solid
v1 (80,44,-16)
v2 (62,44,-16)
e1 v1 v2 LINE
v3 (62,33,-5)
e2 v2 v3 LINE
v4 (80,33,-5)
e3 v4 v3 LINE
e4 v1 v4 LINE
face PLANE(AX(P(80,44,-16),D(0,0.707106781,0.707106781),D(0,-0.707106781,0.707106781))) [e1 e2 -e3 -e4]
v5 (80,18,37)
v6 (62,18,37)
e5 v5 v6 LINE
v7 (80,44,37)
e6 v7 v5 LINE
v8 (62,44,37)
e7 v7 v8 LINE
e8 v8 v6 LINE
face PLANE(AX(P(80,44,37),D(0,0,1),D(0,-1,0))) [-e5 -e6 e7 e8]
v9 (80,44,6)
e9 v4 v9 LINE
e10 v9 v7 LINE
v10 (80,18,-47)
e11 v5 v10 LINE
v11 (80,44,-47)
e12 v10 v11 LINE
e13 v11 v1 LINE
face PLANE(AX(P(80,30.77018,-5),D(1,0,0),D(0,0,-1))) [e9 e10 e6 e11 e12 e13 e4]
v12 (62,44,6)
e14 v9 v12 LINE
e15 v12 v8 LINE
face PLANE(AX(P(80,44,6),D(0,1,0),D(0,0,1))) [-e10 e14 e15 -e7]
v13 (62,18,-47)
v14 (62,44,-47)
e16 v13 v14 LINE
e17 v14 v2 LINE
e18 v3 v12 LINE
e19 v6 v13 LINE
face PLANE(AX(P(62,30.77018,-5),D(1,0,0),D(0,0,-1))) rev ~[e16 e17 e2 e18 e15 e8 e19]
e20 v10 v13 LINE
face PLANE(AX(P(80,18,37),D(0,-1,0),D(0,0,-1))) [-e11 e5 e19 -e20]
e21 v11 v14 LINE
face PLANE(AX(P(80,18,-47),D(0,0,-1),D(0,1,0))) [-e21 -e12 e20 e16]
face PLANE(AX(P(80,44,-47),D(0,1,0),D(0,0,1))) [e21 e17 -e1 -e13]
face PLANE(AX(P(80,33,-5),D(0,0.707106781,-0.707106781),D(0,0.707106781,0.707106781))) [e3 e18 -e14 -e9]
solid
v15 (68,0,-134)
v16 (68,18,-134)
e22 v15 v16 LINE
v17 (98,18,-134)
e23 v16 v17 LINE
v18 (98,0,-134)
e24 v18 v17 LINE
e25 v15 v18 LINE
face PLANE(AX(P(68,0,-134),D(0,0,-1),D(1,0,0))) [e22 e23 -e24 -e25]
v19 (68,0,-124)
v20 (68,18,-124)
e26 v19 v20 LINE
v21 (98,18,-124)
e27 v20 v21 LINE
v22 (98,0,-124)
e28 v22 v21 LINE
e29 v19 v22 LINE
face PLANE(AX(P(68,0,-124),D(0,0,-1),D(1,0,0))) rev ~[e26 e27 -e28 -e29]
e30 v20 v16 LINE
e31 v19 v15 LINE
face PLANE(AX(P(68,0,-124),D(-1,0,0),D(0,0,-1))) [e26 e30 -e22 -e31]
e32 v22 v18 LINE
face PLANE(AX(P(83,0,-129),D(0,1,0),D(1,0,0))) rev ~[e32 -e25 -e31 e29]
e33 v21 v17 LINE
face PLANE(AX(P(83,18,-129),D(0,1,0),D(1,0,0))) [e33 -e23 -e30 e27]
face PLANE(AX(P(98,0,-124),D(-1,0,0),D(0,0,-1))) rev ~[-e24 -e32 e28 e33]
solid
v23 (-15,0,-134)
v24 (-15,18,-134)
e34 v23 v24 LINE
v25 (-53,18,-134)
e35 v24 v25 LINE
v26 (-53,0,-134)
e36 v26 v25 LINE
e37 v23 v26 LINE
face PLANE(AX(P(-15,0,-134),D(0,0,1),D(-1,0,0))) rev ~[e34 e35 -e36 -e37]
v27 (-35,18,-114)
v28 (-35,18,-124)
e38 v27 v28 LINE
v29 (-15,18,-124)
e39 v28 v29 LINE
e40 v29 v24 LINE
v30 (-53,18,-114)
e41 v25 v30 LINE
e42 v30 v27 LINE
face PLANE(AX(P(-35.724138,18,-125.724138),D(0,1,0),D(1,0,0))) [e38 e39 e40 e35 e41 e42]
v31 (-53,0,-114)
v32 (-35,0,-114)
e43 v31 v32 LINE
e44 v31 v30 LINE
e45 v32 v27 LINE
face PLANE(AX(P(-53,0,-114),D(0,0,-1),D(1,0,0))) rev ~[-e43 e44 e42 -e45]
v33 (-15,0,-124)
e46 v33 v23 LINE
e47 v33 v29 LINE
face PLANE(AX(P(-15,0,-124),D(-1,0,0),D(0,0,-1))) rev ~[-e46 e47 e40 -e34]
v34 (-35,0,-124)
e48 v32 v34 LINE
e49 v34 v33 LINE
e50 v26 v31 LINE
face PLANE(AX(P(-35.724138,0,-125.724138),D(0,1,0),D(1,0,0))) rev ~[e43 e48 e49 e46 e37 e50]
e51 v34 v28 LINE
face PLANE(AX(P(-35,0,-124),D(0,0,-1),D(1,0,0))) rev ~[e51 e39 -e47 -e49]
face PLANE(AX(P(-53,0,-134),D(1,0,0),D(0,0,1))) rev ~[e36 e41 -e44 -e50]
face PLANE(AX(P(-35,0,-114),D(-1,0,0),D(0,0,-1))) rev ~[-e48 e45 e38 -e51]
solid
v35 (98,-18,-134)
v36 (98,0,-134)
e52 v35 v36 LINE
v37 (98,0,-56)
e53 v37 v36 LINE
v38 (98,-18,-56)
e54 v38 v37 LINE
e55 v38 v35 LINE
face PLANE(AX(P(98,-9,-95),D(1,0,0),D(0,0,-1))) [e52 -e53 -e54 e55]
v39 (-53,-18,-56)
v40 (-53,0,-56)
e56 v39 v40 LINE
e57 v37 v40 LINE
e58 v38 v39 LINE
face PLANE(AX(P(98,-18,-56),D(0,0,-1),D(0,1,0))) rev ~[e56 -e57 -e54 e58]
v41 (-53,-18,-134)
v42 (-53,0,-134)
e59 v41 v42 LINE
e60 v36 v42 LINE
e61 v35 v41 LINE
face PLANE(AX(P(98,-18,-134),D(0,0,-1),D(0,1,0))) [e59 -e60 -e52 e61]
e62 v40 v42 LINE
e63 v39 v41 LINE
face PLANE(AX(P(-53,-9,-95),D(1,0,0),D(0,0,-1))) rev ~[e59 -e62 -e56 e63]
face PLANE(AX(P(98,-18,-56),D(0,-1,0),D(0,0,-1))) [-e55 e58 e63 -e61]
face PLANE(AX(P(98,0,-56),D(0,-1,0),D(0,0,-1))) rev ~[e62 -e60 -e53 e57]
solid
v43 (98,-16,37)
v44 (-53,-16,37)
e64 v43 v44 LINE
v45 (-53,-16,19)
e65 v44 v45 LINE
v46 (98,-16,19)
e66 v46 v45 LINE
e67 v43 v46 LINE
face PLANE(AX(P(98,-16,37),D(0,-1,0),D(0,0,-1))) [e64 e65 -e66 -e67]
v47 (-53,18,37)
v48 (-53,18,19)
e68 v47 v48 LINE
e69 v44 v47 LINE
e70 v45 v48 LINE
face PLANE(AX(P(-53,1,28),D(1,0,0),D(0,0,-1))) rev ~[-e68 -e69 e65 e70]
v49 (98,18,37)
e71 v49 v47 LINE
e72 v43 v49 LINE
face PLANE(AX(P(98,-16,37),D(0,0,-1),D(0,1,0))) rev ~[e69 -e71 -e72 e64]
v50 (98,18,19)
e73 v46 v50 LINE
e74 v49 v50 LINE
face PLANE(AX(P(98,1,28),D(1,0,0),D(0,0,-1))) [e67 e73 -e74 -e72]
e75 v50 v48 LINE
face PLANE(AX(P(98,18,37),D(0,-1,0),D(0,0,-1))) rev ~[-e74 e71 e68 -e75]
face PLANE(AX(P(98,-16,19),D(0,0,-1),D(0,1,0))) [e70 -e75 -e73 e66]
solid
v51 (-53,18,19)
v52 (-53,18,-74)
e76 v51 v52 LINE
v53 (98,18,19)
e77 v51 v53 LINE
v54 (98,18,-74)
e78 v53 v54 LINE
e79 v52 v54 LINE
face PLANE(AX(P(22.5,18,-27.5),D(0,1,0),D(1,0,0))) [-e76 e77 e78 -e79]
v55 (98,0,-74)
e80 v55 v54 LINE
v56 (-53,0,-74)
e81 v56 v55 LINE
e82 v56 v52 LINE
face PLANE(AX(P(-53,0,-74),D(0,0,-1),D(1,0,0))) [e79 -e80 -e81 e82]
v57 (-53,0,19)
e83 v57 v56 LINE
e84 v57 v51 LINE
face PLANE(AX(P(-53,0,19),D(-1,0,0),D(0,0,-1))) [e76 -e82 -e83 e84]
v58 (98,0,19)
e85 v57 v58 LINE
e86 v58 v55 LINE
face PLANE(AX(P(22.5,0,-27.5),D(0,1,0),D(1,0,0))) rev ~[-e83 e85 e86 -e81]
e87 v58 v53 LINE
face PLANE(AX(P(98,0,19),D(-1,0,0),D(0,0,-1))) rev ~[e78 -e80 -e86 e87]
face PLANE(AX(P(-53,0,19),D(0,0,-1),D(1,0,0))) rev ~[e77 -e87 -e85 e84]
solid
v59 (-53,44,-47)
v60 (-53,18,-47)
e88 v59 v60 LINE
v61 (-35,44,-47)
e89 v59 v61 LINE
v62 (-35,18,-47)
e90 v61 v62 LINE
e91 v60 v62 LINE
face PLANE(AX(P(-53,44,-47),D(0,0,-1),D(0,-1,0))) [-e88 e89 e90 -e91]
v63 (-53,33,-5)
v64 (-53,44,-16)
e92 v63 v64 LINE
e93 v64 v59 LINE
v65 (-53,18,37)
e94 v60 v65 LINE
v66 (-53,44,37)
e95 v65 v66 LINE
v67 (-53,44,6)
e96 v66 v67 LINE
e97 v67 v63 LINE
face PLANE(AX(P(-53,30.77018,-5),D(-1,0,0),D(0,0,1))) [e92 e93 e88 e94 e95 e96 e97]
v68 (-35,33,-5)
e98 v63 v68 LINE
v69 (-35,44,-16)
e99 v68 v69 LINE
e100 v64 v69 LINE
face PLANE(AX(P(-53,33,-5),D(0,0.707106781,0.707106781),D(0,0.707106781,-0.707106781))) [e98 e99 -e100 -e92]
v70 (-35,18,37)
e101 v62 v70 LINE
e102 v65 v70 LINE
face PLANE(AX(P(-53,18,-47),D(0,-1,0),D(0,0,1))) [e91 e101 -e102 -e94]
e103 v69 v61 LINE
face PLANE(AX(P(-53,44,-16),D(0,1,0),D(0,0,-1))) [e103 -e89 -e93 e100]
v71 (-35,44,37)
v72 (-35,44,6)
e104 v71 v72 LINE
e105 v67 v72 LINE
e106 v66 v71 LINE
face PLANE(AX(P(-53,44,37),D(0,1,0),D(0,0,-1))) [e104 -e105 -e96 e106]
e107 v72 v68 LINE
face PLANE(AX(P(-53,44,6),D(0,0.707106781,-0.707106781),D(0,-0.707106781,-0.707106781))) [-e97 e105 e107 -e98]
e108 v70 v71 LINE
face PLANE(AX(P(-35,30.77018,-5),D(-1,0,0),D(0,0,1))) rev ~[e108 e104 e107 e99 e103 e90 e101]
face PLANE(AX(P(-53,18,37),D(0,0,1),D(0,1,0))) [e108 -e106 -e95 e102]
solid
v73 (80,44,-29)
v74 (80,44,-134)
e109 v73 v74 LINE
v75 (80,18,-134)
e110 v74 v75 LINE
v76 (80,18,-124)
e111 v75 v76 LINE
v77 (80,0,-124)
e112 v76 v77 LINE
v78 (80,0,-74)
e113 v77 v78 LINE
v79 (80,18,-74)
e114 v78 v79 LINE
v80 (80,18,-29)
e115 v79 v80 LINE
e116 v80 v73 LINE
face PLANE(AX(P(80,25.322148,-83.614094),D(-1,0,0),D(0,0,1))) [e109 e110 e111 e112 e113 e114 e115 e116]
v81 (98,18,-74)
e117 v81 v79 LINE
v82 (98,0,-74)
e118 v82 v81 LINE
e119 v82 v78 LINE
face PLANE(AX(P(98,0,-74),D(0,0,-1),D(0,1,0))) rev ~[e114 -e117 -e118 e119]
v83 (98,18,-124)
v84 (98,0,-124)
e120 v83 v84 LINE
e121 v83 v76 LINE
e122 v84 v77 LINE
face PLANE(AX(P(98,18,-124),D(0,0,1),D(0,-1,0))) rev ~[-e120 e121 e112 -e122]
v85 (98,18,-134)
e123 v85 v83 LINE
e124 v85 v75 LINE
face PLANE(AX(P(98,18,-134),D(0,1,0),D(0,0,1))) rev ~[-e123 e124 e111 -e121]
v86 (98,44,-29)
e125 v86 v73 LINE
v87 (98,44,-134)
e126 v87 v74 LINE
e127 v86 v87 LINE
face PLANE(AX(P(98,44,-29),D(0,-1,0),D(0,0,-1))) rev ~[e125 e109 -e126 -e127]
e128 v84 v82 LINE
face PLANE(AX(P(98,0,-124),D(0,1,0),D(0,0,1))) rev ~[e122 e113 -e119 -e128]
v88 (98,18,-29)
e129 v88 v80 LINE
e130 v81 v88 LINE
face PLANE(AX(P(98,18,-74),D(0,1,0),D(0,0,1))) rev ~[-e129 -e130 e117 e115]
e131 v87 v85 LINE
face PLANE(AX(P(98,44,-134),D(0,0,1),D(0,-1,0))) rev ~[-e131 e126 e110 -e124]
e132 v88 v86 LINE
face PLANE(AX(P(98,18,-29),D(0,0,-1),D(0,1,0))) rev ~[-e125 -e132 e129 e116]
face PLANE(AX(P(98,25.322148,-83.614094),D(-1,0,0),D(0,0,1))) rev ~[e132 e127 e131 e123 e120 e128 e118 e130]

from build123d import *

# Parameters (mm, degrees)
SKETCH1_W             = 151
SKETCH1_H             = 93
BOSS_EXTRUDE1_DEPTH   = 18
BOSS_EXTRUDE2_DEPTH   = 18
SKETCH3_W             = 18
SKETCH3_H             = 34
BOSS_EXTRUDE3_DEPTH   = 151
SKETCH3_W_2           = 78
SKETCH3_H_2           = 18
BOSS_EXTRUDE3_2_DEPTH = 151
BOSS_EXTRUDE4_DEPTH   = 18
BOSS_EXTRUDE5_DEPTH   = 18
BOSS_EXTRUDE6_DEPTH   = 18
SKETCH7_W             = 30
SKETCH7_H             = 10
BOSS_EXTRUDE6_2_DEPTH = 18


with BuildPart() as part:
    # Sketch1 → Boss-Extrude1 (new body)
    with BuildSketch(Plane(origin=(0, 0, 0), x_dir=(1, 0, 0), z_dir=(0, 1, 0))):
        with Locations((22.5, 27.5)):
            Rectangle(SKETCH1_W, SKETCH1_H)
    extrude(amount=BOSS_EXTRUDE1_DEPTH)


with BuildPart() as body_2:
    # Sketch2 → Boss-Extrude2 (new body)
    with BuildSketch(Plane(origin=(80, 0, 0), x_dir=(0, 0, -1), z_dir=(1, 0, 0))):
        Polygon((-37, 18), (47, 18), (47, 44), (16, 44), (5, 33), (-6, 44), (-37, 44), align=None)
    extrude(amount=-BOSS_EXTRUDE2_DEPTH)


with BuildPart() as body_3:
    # Sketch3 → Boss-Extrude3 (new body)
    with BuildSketch(Plane(origin=(98, 0, 0), x_dir=(0, 0, -1), z_dir=(1, 0, 0))):
        with Locations((-28, 1)):
            Rectangle(SKETCH3_W, SKETCH3_H)
    extrude(amount=-BOSS_EXTRUDE3_DEPTH)


with BuildPart() as body_4:
    # Sketch3 → Boss-Extrude3 2 (new body)
    with BuildSketch(Plane(origin=(98, 0, 0), x_dir=(0, 0, -1), z_dir=(1, 0, 0))):
        with Locations((95, -9)):
            Rectangle(SKETCH3_W_2, SKETCH3_H_2)
    extrude(amount=-BOSS_EXTRUDE3_2_DEPTH)


with BuildPart() as body_5:
    # Sketch4 → Boss-Extrude4 (new body)
    with BuildSketch(Plane.ZY.offset(53)):
        Polygon((37, 18), (37, 44), (6, 44), (-5, 33), (-16, 44), (-47, 44), (-47, 18), align=None)
    extrude(amount=-BOSS_EXTRUDE4_DEPTH)


with BuildPart() as body_6:
    # Sketch5 → Boss-Extrude5 (new body)
    with BuildSketch(Plane(origin=(98, 0, 0), x_dir=(0, 0, -1), z_dir=(1, 0, 0))):
        Polygon((124, 0), (74, 0), (74, 18), (29, 18), (29, 44), (134, 44), (134, 18), (124, 18), align=None)
    extrude(amount=-BOSS_EXTRUDE5_DEPTH)


with BuildPart() as body_7:
    # Sketch7 → Boss-Extrude6 (new body)
    with BuildSketch(Plane(origin=(0, 0, 0), x_dir=(1, 0, 0), z_dir=(0, 1, 0))):
        Polygon((-35, 114), (-35, 124), (-15, 124), (-15, 134), (-53, 134), (-53, 114), align=None)
    extrude(amount=BOSS_EXTRUDE6_DEPTH)


with BuildPart() as body_8:
    # Sketch7 → Boss-Extrude6 2 (new body)
    with BuildSketch(Plane(origin=(0, 0, 0), x_dir=(1, 0, 0), z_dir=(0, 1, 0))):
        with Locations((83, 129)):
            Rectangle(SKETCH7_W, SKETCH7_H)
    extrude(amount=BOSS_EXTRUDE6_2_DEPTH)


solid = Compound([part.part, body_2.part, body_3.part, body_4.part, body_5.part, body_6.part, body_7.part, body_8.part])
